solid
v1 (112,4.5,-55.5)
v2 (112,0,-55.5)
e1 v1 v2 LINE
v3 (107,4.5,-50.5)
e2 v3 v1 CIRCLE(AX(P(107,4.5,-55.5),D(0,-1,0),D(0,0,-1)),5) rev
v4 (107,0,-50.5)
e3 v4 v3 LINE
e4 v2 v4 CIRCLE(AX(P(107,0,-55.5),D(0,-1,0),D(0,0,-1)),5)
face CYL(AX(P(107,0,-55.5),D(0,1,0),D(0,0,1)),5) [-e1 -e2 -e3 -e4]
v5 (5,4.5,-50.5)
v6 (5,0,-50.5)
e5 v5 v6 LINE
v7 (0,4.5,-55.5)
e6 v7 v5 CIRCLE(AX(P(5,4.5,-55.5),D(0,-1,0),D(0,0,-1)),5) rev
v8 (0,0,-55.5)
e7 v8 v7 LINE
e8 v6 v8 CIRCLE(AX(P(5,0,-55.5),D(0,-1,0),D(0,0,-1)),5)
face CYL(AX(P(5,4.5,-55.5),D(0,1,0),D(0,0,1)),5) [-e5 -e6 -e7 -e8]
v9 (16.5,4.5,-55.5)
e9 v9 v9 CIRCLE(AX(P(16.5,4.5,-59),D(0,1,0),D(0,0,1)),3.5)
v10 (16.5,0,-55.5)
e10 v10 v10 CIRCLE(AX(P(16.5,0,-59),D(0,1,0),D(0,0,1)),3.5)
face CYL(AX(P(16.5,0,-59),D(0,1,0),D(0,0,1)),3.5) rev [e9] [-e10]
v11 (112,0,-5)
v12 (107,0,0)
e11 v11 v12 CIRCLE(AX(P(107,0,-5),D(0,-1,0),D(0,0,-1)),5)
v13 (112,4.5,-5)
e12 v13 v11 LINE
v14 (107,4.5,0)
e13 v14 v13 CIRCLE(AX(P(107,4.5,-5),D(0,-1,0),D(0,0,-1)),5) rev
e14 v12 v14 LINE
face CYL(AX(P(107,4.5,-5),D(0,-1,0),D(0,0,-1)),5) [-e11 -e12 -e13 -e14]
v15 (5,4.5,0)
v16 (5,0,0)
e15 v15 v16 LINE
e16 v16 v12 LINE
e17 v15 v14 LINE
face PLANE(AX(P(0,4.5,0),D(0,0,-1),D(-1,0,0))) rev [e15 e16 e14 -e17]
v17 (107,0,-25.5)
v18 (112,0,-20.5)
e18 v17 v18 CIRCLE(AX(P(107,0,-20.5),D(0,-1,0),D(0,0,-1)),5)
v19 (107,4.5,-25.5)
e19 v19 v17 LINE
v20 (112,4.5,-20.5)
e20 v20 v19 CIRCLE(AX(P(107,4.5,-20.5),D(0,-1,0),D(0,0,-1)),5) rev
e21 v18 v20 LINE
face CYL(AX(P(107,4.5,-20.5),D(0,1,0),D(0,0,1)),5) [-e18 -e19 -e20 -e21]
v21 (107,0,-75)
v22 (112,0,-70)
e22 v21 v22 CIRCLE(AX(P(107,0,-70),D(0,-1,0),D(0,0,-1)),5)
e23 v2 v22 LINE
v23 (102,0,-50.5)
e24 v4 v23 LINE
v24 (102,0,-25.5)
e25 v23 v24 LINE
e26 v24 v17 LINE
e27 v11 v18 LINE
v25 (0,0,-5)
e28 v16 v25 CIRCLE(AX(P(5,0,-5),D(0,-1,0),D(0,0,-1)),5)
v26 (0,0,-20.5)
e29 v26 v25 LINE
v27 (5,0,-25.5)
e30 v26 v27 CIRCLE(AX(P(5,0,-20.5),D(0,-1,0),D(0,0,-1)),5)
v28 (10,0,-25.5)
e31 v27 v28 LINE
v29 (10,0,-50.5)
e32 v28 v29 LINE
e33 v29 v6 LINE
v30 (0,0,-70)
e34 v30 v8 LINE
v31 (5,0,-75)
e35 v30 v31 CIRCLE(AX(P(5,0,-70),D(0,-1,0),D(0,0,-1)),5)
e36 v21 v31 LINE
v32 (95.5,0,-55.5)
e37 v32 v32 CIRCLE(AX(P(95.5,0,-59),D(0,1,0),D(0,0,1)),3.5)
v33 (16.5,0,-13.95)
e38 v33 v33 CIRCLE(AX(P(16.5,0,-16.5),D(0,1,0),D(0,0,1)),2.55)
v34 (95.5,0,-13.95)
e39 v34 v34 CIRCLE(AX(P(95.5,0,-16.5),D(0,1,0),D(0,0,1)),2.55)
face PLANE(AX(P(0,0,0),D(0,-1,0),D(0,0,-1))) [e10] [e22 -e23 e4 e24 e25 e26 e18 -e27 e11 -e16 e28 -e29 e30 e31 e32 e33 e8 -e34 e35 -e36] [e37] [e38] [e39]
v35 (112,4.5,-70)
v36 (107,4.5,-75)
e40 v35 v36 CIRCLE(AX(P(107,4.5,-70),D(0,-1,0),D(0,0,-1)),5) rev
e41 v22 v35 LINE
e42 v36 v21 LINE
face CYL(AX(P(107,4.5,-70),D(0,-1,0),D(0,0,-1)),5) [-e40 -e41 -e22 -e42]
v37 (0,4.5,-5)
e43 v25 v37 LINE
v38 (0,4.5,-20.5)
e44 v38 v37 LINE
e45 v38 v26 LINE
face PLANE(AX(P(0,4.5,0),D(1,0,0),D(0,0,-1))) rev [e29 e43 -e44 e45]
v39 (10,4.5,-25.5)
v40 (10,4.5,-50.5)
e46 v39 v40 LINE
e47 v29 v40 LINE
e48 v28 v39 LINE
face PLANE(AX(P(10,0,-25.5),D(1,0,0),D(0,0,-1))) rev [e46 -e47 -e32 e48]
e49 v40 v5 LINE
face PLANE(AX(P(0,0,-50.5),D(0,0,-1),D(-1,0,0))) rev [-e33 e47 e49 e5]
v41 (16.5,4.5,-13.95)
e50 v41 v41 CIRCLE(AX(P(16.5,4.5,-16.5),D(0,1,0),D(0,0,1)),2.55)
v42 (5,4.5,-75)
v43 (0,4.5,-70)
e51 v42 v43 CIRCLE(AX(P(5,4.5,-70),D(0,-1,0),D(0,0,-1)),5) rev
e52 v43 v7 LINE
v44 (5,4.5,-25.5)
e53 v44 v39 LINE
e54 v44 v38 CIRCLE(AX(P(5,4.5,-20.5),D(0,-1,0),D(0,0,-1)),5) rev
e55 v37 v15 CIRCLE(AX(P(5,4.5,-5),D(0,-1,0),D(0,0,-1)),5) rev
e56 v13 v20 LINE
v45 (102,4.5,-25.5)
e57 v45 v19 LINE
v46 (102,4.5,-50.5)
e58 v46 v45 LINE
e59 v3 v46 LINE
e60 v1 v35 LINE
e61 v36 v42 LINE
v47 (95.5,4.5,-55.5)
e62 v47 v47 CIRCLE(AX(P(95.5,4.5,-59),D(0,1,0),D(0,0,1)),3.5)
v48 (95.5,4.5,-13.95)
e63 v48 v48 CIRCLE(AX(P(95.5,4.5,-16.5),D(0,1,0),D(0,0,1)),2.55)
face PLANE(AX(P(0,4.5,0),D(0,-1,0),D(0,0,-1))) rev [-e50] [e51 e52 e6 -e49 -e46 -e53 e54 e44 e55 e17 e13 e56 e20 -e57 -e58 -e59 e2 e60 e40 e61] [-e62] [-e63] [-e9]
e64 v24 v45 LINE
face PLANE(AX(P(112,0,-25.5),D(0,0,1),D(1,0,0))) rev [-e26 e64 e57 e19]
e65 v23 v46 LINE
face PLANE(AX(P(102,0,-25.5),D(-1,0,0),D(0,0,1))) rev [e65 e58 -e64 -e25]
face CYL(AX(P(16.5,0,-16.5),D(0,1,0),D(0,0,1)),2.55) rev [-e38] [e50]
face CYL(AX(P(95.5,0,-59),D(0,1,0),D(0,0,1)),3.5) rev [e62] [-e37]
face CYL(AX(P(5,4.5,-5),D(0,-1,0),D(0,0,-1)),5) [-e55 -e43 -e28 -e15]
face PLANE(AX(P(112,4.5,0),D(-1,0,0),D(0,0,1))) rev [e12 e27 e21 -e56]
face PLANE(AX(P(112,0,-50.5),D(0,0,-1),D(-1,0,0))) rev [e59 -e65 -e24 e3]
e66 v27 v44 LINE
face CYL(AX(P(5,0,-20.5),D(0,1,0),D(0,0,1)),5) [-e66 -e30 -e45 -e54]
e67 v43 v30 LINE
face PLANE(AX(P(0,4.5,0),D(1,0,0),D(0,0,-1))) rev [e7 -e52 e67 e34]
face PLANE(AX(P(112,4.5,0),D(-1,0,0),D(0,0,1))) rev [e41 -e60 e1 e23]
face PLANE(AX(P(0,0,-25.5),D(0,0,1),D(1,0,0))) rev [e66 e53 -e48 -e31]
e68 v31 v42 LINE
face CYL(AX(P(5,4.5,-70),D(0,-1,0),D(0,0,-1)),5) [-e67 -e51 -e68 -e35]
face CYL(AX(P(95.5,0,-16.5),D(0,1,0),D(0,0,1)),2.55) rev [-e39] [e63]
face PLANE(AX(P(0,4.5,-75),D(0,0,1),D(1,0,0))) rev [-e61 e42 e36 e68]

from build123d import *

# Parameters (mm, degrees)
SKETCH1_W           = 112
SKETCH1_H           = 75
BOSS_EXTRUDE1_DEPTH = 4.5
SKETCH2_R           = 2.55
SKETCH2_R_2         = 3.5
SKETCH2_W           = 10
SKETCH2_H           = 25
CUT_EXTRUDE1_DEPTH  = 135.867527597
FILLET1_R           = 5


with BuildPart() as part:
    # Sketch1 → Boss-Extrude1 (new body)
    with BuildSketch(Plane(origin=(0, 0, 0), x_dir=(1, 0, 0), z_dir=(0, 1, 0))):
        with Locations((56, 37.5)):
            Rectangle(SKETCH1_W, SKETCH1_H)
    extrude(amount=BOSS_EXTRUDE1_DEPTH)

    # Sketch2 → Cut-Extrude1 (cut, through all)
    with BuildSketch(Plane(origin=(0, 4.5, 0), x_dir=(1, 0, 0), z_dir=(0, 1, 0))):
        with Locations(Location((95.5, 16.5, 0), (0, 0, 270))):
            Circle(SKETCH2_R)
        with Locations(Location((16.5, 16.5, 0), (0, 0, 270))):
            Circle(SKETCH2_R)
        with Locations(Location((16.5, 59, 0), (0, 0, 270))):
            Circle(SKETCH2_R_2)
        with Locations(Location((95.5, 59, 0), (0, 0, 270))):
            Circle(SKETCH2_R_2)
        with Locations((5, 38)):
            Rectangle(SKETCH2_W, SKETCH2_H)
        with Locations((107, 38)):
            Rectangle(SKETCH2_W, SKETCH2_H)
    extrude(amount=-CUT_EXTRUDE1_DEPTH, mode=Mode.SUBTRACT)

    # Fillet1
    fillet1_edges = [part.edges().sort_by_distance(p)[0] for p in [
        (112, 2.25, -50.5),
        (112, 2.25, -25.5),
        (0, 2.25, -25.5),
        (0, 2.25, -50.5),
        (0, 2.25, -75),
        (112, 2.25, -75),
        (112, 2.25, 0),
        (0, 2.25, 0),
    ]]
    fillet(fillet1_edges, radius=FILLET1_R)


solid = part.part
